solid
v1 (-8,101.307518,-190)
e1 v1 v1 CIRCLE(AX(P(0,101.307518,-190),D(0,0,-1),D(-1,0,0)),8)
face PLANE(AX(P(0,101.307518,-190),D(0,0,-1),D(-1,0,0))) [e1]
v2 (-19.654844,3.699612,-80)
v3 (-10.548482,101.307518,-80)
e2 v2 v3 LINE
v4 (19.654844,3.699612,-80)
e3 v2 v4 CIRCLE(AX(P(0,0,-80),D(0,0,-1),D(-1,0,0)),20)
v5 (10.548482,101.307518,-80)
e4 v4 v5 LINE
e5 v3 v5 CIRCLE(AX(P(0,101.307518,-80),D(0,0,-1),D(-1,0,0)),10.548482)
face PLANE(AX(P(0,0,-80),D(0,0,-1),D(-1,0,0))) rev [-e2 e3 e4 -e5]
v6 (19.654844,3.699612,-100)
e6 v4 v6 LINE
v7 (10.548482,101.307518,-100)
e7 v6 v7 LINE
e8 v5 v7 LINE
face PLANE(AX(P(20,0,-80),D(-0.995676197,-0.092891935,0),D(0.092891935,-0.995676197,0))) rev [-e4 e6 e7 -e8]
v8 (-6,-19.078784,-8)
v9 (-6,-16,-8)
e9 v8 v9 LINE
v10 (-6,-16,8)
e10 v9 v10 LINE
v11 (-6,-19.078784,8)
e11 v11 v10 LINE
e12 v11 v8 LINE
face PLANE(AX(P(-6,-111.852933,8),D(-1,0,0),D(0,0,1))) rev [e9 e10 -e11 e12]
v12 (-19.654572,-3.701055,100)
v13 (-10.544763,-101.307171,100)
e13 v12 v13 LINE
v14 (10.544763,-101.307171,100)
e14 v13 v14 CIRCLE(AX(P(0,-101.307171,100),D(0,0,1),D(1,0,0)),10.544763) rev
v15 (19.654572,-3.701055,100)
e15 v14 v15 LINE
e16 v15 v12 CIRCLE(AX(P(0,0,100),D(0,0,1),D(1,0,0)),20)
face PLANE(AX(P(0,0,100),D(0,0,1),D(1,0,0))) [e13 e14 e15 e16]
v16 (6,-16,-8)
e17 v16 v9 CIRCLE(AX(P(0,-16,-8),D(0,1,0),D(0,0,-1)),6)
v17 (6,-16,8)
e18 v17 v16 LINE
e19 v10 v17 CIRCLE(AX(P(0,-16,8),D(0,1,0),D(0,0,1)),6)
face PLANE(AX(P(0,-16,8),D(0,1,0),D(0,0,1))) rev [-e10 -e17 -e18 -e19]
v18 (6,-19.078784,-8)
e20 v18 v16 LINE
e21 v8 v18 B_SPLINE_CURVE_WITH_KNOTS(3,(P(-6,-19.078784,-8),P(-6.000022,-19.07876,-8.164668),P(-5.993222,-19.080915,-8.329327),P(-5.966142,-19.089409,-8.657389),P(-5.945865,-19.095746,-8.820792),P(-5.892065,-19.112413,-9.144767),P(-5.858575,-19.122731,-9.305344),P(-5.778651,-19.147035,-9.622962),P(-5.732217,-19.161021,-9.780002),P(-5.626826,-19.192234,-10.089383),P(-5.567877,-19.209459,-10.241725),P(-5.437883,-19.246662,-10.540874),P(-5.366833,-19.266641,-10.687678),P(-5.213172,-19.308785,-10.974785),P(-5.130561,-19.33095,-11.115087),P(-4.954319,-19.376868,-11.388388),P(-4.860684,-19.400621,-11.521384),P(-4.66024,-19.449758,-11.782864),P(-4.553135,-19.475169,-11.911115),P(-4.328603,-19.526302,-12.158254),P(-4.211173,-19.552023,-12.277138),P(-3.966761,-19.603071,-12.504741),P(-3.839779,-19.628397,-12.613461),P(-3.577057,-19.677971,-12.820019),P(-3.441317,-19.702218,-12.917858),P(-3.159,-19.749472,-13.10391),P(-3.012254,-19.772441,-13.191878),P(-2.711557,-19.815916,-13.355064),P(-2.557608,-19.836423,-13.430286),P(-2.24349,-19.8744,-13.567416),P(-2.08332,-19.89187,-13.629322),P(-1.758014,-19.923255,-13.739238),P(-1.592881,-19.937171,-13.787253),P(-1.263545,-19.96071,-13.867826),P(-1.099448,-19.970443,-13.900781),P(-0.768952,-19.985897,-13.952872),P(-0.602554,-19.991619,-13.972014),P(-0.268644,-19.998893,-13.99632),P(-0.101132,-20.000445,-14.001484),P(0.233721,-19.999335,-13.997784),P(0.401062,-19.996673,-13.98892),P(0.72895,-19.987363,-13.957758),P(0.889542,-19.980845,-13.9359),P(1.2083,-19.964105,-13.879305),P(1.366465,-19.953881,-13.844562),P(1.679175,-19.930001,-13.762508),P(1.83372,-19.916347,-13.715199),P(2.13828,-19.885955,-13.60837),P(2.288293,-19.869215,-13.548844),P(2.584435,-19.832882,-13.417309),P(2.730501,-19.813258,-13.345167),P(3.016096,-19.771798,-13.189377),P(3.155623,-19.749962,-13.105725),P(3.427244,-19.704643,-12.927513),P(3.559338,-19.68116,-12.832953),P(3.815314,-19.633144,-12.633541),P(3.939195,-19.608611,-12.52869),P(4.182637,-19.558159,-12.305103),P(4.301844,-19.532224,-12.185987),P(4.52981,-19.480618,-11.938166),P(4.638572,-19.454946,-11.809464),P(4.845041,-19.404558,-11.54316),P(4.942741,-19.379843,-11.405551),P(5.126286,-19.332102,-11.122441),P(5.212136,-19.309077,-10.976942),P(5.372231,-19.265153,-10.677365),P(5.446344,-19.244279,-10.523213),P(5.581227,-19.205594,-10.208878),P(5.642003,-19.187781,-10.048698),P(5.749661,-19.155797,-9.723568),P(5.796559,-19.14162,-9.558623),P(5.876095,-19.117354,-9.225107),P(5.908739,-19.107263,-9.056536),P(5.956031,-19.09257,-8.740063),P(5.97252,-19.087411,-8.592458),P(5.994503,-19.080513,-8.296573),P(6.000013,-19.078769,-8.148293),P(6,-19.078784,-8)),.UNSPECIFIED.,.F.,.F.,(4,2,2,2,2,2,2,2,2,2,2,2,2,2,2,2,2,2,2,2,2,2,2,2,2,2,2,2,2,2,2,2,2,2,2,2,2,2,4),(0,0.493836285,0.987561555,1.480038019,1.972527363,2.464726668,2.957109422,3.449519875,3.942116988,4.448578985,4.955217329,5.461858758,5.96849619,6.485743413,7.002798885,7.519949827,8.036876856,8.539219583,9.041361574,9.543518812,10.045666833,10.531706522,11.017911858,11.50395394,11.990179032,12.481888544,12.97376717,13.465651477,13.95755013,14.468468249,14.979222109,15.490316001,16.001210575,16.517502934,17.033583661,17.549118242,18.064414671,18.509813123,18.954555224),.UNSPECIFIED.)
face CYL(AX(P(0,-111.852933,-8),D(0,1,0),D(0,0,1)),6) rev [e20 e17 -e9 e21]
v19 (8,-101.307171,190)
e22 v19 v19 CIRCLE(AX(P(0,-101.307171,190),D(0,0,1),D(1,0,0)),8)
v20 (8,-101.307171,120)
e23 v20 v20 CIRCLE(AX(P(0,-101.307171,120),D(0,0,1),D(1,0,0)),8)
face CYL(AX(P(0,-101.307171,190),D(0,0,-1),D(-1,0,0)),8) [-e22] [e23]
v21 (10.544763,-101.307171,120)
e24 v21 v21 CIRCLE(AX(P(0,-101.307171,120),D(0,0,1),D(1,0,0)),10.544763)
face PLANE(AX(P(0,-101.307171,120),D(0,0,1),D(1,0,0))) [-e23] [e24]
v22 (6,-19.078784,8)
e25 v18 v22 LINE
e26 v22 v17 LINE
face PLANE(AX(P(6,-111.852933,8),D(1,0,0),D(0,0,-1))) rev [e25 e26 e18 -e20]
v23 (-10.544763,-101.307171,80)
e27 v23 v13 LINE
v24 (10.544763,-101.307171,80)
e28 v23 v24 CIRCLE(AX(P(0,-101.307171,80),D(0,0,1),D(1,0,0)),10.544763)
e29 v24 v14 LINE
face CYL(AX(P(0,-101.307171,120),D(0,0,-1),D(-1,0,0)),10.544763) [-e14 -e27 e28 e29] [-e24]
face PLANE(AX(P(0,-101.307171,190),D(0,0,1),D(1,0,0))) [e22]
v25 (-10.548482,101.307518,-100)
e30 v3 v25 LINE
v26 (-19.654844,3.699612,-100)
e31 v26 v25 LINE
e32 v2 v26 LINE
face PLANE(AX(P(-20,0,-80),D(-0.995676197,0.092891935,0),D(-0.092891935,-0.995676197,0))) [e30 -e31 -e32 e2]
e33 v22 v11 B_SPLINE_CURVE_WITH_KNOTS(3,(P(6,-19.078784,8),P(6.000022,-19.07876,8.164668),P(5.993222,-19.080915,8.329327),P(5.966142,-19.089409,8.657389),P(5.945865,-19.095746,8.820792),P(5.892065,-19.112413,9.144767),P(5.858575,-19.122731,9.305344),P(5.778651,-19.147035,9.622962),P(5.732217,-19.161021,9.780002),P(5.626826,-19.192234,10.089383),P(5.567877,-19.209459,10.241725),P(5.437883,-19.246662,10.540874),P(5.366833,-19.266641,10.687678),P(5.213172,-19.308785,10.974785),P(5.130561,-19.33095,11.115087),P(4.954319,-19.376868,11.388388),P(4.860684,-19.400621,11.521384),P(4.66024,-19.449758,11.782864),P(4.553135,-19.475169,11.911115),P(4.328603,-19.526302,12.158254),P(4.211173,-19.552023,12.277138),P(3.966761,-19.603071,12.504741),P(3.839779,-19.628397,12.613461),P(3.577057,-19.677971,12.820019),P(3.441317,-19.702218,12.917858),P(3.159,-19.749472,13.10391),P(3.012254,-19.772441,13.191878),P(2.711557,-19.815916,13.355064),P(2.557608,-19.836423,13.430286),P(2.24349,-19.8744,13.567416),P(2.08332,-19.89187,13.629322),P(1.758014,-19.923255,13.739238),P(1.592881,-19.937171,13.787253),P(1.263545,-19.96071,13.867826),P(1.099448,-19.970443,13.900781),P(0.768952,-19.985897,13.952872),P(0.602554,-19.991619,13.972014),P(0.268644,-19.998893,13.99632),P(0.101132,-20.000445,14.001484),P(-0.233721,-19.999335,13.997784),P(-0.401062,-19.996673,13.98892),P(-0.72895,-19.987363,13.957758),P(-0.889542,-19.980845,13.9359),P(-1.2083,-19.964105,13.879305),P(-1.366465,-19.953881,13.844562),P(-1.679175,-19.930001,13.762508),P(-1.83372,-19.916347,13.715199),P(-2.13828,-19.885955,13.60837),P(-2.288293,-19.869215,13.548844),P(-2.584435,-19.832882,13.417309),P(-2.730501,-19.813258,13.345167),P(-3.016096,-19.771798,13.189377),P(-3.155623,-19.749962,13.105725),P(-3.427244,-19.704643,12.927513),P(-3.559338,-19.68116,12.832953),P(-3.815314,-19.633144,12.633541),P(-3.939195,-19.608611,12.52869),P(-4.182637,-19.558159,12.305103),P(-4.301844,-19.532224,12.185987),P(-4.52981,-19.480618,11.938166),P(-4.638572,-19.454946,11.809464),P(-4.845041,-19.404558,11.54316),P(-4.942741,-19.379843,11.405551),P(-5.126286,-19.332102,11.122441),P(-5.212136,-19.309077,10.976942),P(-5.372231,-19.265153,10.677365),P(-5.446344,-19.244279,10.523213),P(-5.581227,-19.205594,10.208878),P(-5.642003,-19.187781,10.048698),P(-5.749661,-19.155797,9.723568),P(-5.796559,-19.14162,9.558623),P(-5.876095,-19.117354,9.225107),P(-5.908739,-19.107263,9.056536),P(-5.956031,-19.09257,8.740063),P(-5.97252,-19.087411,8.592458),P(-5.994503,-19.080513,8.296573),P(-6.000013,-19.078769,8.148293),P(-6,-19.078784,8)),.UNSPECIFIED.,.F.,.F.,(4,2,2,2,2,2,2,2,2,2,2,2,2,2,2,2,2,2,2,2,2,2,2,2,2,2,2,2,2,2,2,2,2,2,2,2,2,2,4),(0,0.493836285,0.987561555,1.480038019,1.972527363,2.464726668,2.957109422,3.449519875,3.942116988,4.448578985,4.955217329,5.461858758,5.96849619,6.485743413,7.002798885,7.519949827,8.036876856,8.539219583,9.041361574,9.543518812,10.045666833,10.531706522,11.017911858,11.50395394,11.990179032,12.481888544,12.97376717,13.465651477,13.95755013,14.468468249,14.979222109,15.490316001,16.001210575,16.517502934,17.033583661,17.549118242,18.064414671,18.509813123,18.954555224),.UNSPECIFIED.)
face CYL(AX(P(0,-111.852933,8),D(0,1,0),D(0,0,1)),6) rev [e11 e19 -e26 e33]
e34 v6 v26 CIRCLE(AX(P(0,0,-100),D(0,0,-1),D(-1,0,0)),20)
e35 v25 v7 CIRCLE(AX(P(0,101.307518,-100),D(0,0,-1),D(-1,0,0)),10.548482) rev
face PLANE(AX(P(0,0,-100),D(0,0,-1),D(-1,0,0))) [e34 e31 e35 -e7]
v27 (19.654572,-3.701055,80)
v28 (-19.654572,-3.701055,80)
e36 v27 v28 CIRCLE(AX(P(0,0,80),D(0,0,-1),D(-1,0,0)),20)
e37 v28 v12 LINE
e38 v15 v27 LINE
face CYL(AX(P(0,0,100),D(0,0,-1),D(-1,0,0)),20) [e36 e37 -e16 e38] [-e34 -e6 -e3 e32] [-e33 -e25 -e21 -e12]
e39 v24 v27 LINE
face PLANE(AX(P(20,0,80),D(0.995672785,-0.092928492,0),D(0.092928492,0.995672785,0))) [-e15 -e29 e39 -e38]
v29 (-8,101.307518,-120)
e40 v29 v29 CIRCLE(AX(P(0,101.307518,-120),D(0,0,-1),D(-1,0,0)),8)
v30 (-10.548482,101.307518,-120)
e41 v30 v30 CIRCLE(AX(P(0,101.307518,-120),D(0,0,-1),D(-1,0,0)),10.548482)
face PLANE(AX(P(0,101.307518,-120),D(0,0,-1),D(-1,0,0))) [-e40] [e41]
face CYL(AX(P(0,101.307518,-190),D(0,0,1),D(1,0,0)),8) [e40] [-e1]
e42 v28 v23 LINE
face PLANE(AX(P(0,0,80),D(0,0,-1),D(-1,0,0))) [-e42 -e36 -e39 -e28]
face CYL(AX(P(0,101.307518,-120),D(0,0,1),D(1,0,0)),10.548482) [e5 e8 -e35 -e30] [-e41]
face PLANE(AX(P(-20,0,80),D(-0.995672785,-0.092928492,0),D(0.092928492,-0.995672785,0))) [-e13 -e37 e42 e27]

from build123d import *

# Parameters (mm, degrees)
SKETCH_1_R               = 20
EXTRUDE_2_DEPTH          = 100
EXTRUDE_3_DEPTH          = 20
SKETCH_3_R               = 10.544762533
EXTRUDE_4_DEPTH          = 20
SKETCH_4_R               = 8
EXTRUDE_5_DEPTH          = 70
EXTRUDE_START            = 100
SKETCH_5_R               = 20
EXTRUDE_6_DEPTH          = 100
EXTRUDE_8_DEPTH          = 20
SKETCH_7_R               = 10.548482156
EXTRUDE_9_DEPTH          = 20
SKETCH_8_R               = 8
EXTRUDE_10_DEPTH         = 70
CUT_EXTRUDE_1_REACH      = 231.885
CUT_EXTRUDE_1_END_RADIUS = 20


with BuildPart() as part:
    # 草图1 → 凸台-拉伸2 (new body)
    with BuildSketch(Plane.XY):
        Circle(SKETCH_1_R)
    extrude(amount=EXTRUDE_2_DEPTH)

    # 草图2 → 凸台-拉伸3 (add)
    with BuildSketch(Plane.XY.offset(100)):
        Polygon((-20, 0), (-10.544762533, -101.307170503), (10.544762533, -101.307170503), (20, 0), align=None)
    extrude(amount=-EXTRUDE_3_DEPTH)

    # 草图3 → 凸台-拉伸4 (add, symmetric)
    with BuildSketch(Plane.XY.offset(100)):
        with Locations((0, -101.307170503)):
            Circle(SKETCH_3_R)
    extrude(amount=EXTRUDE_4_DEPTH, both=True)

    # 草图4 → 凸台-拉伸5 (add)
    with BuildSketch(Plane.XY.offset(120)):
        with Locations((0, -101.307170503)):
            Circle(SKETCH_4_R)
    extrude(amount=EXTRUDE_5_DEPTH)

    # 草图5 → 凸台-拉伸6 (add)
    with BuildSketch(Plane(origin=(0, 0, 0), x_dir=(-1, 0, 0), z_dir=(0, 0, -1)).offset(EXTRUDE_START)):
        Circle(SKETCH_5_R)
    extrude(amount=-EXTRUDE_6_DEPTH)

    # 草图6 → 凸台-拉伸8 (add)
    with BuildSketch(Plane(origin=(0, 0, -100), x_dir=(-1, 0, 0), z_dir=(0, 0, -1))):
        Polygon((20, 0), (10.548482156, 101.307517591), (-10.548482156, 101.307517591), (-20, 0), align=None)
    extrude(amount=-EXTRUDE_8_DEPTH)

    # 草图7 → 凸台-拉伸9 (add, symmetric)
    with BuildSketch(Plane(origin=(0, 0, -100), x_dir=(-1, 0, 0), z_dir=(0, 0, -1))):
        with Locations((0, 101.307517591)):
            Circle(SKETCH_7_R)
    extrude(amount=EXTRUDE_9_DEPTH, both=True)

    # 草图8 → 凸台-拉伸10 (add)
    with BuildSketch(Plane(origin=(0, 0, -120), x_dir=(-1, 0, 0), z_dir=(0, 0, -1))):
        with Locations((0, 101.307517591)):
            Circle(SKETCH_8_R)
    extrude(amount=EXTRUDE_10_DEPTH)

    # 切除-拉伸1: up to this cylinder (the profile starts inside it)
    cut_extrude_1_end = Plane(origin=(0, 0, 0), z_dir=(0, 0, -1)) * Cylinder(CUT_EXTRUDE_1_END_RADIUS, 504.77, mode=Mode.PRIVATE)
    # 草图9 → 切除-拉伸1 (cut, up to the surface)
    with BuildSketch(Plane(origin=(0, -16, 0), x_dir=(1, 0, 0), z_dir=(0, 1, 0)), mode=Mode.PRIVATE) as cut_extrude_1_sk1:
        with BuildLine():
            Line((6, -8), (6, 8))
            ThreePointArc((6, 8), (0, 14), (-6, 8))
            Line((-6, 8), (-6, -8))
            ThreePointArc((-6, -8), (0, -14), (6, -8))
        make_face()
    cut_extrude_1_tool1 = extrude(cut_extrude_1_sk1.sketch, amount=-CUT_EXTRUDE_1_REACH, mode=Mode.PRIVATE) & cut_extrude_1_end
    add(cut_extrude_1_tool1.solids().sort_by_distance((0, -16, 0))[0], mode=Mode.SUBTRACT)


solid = part.part
